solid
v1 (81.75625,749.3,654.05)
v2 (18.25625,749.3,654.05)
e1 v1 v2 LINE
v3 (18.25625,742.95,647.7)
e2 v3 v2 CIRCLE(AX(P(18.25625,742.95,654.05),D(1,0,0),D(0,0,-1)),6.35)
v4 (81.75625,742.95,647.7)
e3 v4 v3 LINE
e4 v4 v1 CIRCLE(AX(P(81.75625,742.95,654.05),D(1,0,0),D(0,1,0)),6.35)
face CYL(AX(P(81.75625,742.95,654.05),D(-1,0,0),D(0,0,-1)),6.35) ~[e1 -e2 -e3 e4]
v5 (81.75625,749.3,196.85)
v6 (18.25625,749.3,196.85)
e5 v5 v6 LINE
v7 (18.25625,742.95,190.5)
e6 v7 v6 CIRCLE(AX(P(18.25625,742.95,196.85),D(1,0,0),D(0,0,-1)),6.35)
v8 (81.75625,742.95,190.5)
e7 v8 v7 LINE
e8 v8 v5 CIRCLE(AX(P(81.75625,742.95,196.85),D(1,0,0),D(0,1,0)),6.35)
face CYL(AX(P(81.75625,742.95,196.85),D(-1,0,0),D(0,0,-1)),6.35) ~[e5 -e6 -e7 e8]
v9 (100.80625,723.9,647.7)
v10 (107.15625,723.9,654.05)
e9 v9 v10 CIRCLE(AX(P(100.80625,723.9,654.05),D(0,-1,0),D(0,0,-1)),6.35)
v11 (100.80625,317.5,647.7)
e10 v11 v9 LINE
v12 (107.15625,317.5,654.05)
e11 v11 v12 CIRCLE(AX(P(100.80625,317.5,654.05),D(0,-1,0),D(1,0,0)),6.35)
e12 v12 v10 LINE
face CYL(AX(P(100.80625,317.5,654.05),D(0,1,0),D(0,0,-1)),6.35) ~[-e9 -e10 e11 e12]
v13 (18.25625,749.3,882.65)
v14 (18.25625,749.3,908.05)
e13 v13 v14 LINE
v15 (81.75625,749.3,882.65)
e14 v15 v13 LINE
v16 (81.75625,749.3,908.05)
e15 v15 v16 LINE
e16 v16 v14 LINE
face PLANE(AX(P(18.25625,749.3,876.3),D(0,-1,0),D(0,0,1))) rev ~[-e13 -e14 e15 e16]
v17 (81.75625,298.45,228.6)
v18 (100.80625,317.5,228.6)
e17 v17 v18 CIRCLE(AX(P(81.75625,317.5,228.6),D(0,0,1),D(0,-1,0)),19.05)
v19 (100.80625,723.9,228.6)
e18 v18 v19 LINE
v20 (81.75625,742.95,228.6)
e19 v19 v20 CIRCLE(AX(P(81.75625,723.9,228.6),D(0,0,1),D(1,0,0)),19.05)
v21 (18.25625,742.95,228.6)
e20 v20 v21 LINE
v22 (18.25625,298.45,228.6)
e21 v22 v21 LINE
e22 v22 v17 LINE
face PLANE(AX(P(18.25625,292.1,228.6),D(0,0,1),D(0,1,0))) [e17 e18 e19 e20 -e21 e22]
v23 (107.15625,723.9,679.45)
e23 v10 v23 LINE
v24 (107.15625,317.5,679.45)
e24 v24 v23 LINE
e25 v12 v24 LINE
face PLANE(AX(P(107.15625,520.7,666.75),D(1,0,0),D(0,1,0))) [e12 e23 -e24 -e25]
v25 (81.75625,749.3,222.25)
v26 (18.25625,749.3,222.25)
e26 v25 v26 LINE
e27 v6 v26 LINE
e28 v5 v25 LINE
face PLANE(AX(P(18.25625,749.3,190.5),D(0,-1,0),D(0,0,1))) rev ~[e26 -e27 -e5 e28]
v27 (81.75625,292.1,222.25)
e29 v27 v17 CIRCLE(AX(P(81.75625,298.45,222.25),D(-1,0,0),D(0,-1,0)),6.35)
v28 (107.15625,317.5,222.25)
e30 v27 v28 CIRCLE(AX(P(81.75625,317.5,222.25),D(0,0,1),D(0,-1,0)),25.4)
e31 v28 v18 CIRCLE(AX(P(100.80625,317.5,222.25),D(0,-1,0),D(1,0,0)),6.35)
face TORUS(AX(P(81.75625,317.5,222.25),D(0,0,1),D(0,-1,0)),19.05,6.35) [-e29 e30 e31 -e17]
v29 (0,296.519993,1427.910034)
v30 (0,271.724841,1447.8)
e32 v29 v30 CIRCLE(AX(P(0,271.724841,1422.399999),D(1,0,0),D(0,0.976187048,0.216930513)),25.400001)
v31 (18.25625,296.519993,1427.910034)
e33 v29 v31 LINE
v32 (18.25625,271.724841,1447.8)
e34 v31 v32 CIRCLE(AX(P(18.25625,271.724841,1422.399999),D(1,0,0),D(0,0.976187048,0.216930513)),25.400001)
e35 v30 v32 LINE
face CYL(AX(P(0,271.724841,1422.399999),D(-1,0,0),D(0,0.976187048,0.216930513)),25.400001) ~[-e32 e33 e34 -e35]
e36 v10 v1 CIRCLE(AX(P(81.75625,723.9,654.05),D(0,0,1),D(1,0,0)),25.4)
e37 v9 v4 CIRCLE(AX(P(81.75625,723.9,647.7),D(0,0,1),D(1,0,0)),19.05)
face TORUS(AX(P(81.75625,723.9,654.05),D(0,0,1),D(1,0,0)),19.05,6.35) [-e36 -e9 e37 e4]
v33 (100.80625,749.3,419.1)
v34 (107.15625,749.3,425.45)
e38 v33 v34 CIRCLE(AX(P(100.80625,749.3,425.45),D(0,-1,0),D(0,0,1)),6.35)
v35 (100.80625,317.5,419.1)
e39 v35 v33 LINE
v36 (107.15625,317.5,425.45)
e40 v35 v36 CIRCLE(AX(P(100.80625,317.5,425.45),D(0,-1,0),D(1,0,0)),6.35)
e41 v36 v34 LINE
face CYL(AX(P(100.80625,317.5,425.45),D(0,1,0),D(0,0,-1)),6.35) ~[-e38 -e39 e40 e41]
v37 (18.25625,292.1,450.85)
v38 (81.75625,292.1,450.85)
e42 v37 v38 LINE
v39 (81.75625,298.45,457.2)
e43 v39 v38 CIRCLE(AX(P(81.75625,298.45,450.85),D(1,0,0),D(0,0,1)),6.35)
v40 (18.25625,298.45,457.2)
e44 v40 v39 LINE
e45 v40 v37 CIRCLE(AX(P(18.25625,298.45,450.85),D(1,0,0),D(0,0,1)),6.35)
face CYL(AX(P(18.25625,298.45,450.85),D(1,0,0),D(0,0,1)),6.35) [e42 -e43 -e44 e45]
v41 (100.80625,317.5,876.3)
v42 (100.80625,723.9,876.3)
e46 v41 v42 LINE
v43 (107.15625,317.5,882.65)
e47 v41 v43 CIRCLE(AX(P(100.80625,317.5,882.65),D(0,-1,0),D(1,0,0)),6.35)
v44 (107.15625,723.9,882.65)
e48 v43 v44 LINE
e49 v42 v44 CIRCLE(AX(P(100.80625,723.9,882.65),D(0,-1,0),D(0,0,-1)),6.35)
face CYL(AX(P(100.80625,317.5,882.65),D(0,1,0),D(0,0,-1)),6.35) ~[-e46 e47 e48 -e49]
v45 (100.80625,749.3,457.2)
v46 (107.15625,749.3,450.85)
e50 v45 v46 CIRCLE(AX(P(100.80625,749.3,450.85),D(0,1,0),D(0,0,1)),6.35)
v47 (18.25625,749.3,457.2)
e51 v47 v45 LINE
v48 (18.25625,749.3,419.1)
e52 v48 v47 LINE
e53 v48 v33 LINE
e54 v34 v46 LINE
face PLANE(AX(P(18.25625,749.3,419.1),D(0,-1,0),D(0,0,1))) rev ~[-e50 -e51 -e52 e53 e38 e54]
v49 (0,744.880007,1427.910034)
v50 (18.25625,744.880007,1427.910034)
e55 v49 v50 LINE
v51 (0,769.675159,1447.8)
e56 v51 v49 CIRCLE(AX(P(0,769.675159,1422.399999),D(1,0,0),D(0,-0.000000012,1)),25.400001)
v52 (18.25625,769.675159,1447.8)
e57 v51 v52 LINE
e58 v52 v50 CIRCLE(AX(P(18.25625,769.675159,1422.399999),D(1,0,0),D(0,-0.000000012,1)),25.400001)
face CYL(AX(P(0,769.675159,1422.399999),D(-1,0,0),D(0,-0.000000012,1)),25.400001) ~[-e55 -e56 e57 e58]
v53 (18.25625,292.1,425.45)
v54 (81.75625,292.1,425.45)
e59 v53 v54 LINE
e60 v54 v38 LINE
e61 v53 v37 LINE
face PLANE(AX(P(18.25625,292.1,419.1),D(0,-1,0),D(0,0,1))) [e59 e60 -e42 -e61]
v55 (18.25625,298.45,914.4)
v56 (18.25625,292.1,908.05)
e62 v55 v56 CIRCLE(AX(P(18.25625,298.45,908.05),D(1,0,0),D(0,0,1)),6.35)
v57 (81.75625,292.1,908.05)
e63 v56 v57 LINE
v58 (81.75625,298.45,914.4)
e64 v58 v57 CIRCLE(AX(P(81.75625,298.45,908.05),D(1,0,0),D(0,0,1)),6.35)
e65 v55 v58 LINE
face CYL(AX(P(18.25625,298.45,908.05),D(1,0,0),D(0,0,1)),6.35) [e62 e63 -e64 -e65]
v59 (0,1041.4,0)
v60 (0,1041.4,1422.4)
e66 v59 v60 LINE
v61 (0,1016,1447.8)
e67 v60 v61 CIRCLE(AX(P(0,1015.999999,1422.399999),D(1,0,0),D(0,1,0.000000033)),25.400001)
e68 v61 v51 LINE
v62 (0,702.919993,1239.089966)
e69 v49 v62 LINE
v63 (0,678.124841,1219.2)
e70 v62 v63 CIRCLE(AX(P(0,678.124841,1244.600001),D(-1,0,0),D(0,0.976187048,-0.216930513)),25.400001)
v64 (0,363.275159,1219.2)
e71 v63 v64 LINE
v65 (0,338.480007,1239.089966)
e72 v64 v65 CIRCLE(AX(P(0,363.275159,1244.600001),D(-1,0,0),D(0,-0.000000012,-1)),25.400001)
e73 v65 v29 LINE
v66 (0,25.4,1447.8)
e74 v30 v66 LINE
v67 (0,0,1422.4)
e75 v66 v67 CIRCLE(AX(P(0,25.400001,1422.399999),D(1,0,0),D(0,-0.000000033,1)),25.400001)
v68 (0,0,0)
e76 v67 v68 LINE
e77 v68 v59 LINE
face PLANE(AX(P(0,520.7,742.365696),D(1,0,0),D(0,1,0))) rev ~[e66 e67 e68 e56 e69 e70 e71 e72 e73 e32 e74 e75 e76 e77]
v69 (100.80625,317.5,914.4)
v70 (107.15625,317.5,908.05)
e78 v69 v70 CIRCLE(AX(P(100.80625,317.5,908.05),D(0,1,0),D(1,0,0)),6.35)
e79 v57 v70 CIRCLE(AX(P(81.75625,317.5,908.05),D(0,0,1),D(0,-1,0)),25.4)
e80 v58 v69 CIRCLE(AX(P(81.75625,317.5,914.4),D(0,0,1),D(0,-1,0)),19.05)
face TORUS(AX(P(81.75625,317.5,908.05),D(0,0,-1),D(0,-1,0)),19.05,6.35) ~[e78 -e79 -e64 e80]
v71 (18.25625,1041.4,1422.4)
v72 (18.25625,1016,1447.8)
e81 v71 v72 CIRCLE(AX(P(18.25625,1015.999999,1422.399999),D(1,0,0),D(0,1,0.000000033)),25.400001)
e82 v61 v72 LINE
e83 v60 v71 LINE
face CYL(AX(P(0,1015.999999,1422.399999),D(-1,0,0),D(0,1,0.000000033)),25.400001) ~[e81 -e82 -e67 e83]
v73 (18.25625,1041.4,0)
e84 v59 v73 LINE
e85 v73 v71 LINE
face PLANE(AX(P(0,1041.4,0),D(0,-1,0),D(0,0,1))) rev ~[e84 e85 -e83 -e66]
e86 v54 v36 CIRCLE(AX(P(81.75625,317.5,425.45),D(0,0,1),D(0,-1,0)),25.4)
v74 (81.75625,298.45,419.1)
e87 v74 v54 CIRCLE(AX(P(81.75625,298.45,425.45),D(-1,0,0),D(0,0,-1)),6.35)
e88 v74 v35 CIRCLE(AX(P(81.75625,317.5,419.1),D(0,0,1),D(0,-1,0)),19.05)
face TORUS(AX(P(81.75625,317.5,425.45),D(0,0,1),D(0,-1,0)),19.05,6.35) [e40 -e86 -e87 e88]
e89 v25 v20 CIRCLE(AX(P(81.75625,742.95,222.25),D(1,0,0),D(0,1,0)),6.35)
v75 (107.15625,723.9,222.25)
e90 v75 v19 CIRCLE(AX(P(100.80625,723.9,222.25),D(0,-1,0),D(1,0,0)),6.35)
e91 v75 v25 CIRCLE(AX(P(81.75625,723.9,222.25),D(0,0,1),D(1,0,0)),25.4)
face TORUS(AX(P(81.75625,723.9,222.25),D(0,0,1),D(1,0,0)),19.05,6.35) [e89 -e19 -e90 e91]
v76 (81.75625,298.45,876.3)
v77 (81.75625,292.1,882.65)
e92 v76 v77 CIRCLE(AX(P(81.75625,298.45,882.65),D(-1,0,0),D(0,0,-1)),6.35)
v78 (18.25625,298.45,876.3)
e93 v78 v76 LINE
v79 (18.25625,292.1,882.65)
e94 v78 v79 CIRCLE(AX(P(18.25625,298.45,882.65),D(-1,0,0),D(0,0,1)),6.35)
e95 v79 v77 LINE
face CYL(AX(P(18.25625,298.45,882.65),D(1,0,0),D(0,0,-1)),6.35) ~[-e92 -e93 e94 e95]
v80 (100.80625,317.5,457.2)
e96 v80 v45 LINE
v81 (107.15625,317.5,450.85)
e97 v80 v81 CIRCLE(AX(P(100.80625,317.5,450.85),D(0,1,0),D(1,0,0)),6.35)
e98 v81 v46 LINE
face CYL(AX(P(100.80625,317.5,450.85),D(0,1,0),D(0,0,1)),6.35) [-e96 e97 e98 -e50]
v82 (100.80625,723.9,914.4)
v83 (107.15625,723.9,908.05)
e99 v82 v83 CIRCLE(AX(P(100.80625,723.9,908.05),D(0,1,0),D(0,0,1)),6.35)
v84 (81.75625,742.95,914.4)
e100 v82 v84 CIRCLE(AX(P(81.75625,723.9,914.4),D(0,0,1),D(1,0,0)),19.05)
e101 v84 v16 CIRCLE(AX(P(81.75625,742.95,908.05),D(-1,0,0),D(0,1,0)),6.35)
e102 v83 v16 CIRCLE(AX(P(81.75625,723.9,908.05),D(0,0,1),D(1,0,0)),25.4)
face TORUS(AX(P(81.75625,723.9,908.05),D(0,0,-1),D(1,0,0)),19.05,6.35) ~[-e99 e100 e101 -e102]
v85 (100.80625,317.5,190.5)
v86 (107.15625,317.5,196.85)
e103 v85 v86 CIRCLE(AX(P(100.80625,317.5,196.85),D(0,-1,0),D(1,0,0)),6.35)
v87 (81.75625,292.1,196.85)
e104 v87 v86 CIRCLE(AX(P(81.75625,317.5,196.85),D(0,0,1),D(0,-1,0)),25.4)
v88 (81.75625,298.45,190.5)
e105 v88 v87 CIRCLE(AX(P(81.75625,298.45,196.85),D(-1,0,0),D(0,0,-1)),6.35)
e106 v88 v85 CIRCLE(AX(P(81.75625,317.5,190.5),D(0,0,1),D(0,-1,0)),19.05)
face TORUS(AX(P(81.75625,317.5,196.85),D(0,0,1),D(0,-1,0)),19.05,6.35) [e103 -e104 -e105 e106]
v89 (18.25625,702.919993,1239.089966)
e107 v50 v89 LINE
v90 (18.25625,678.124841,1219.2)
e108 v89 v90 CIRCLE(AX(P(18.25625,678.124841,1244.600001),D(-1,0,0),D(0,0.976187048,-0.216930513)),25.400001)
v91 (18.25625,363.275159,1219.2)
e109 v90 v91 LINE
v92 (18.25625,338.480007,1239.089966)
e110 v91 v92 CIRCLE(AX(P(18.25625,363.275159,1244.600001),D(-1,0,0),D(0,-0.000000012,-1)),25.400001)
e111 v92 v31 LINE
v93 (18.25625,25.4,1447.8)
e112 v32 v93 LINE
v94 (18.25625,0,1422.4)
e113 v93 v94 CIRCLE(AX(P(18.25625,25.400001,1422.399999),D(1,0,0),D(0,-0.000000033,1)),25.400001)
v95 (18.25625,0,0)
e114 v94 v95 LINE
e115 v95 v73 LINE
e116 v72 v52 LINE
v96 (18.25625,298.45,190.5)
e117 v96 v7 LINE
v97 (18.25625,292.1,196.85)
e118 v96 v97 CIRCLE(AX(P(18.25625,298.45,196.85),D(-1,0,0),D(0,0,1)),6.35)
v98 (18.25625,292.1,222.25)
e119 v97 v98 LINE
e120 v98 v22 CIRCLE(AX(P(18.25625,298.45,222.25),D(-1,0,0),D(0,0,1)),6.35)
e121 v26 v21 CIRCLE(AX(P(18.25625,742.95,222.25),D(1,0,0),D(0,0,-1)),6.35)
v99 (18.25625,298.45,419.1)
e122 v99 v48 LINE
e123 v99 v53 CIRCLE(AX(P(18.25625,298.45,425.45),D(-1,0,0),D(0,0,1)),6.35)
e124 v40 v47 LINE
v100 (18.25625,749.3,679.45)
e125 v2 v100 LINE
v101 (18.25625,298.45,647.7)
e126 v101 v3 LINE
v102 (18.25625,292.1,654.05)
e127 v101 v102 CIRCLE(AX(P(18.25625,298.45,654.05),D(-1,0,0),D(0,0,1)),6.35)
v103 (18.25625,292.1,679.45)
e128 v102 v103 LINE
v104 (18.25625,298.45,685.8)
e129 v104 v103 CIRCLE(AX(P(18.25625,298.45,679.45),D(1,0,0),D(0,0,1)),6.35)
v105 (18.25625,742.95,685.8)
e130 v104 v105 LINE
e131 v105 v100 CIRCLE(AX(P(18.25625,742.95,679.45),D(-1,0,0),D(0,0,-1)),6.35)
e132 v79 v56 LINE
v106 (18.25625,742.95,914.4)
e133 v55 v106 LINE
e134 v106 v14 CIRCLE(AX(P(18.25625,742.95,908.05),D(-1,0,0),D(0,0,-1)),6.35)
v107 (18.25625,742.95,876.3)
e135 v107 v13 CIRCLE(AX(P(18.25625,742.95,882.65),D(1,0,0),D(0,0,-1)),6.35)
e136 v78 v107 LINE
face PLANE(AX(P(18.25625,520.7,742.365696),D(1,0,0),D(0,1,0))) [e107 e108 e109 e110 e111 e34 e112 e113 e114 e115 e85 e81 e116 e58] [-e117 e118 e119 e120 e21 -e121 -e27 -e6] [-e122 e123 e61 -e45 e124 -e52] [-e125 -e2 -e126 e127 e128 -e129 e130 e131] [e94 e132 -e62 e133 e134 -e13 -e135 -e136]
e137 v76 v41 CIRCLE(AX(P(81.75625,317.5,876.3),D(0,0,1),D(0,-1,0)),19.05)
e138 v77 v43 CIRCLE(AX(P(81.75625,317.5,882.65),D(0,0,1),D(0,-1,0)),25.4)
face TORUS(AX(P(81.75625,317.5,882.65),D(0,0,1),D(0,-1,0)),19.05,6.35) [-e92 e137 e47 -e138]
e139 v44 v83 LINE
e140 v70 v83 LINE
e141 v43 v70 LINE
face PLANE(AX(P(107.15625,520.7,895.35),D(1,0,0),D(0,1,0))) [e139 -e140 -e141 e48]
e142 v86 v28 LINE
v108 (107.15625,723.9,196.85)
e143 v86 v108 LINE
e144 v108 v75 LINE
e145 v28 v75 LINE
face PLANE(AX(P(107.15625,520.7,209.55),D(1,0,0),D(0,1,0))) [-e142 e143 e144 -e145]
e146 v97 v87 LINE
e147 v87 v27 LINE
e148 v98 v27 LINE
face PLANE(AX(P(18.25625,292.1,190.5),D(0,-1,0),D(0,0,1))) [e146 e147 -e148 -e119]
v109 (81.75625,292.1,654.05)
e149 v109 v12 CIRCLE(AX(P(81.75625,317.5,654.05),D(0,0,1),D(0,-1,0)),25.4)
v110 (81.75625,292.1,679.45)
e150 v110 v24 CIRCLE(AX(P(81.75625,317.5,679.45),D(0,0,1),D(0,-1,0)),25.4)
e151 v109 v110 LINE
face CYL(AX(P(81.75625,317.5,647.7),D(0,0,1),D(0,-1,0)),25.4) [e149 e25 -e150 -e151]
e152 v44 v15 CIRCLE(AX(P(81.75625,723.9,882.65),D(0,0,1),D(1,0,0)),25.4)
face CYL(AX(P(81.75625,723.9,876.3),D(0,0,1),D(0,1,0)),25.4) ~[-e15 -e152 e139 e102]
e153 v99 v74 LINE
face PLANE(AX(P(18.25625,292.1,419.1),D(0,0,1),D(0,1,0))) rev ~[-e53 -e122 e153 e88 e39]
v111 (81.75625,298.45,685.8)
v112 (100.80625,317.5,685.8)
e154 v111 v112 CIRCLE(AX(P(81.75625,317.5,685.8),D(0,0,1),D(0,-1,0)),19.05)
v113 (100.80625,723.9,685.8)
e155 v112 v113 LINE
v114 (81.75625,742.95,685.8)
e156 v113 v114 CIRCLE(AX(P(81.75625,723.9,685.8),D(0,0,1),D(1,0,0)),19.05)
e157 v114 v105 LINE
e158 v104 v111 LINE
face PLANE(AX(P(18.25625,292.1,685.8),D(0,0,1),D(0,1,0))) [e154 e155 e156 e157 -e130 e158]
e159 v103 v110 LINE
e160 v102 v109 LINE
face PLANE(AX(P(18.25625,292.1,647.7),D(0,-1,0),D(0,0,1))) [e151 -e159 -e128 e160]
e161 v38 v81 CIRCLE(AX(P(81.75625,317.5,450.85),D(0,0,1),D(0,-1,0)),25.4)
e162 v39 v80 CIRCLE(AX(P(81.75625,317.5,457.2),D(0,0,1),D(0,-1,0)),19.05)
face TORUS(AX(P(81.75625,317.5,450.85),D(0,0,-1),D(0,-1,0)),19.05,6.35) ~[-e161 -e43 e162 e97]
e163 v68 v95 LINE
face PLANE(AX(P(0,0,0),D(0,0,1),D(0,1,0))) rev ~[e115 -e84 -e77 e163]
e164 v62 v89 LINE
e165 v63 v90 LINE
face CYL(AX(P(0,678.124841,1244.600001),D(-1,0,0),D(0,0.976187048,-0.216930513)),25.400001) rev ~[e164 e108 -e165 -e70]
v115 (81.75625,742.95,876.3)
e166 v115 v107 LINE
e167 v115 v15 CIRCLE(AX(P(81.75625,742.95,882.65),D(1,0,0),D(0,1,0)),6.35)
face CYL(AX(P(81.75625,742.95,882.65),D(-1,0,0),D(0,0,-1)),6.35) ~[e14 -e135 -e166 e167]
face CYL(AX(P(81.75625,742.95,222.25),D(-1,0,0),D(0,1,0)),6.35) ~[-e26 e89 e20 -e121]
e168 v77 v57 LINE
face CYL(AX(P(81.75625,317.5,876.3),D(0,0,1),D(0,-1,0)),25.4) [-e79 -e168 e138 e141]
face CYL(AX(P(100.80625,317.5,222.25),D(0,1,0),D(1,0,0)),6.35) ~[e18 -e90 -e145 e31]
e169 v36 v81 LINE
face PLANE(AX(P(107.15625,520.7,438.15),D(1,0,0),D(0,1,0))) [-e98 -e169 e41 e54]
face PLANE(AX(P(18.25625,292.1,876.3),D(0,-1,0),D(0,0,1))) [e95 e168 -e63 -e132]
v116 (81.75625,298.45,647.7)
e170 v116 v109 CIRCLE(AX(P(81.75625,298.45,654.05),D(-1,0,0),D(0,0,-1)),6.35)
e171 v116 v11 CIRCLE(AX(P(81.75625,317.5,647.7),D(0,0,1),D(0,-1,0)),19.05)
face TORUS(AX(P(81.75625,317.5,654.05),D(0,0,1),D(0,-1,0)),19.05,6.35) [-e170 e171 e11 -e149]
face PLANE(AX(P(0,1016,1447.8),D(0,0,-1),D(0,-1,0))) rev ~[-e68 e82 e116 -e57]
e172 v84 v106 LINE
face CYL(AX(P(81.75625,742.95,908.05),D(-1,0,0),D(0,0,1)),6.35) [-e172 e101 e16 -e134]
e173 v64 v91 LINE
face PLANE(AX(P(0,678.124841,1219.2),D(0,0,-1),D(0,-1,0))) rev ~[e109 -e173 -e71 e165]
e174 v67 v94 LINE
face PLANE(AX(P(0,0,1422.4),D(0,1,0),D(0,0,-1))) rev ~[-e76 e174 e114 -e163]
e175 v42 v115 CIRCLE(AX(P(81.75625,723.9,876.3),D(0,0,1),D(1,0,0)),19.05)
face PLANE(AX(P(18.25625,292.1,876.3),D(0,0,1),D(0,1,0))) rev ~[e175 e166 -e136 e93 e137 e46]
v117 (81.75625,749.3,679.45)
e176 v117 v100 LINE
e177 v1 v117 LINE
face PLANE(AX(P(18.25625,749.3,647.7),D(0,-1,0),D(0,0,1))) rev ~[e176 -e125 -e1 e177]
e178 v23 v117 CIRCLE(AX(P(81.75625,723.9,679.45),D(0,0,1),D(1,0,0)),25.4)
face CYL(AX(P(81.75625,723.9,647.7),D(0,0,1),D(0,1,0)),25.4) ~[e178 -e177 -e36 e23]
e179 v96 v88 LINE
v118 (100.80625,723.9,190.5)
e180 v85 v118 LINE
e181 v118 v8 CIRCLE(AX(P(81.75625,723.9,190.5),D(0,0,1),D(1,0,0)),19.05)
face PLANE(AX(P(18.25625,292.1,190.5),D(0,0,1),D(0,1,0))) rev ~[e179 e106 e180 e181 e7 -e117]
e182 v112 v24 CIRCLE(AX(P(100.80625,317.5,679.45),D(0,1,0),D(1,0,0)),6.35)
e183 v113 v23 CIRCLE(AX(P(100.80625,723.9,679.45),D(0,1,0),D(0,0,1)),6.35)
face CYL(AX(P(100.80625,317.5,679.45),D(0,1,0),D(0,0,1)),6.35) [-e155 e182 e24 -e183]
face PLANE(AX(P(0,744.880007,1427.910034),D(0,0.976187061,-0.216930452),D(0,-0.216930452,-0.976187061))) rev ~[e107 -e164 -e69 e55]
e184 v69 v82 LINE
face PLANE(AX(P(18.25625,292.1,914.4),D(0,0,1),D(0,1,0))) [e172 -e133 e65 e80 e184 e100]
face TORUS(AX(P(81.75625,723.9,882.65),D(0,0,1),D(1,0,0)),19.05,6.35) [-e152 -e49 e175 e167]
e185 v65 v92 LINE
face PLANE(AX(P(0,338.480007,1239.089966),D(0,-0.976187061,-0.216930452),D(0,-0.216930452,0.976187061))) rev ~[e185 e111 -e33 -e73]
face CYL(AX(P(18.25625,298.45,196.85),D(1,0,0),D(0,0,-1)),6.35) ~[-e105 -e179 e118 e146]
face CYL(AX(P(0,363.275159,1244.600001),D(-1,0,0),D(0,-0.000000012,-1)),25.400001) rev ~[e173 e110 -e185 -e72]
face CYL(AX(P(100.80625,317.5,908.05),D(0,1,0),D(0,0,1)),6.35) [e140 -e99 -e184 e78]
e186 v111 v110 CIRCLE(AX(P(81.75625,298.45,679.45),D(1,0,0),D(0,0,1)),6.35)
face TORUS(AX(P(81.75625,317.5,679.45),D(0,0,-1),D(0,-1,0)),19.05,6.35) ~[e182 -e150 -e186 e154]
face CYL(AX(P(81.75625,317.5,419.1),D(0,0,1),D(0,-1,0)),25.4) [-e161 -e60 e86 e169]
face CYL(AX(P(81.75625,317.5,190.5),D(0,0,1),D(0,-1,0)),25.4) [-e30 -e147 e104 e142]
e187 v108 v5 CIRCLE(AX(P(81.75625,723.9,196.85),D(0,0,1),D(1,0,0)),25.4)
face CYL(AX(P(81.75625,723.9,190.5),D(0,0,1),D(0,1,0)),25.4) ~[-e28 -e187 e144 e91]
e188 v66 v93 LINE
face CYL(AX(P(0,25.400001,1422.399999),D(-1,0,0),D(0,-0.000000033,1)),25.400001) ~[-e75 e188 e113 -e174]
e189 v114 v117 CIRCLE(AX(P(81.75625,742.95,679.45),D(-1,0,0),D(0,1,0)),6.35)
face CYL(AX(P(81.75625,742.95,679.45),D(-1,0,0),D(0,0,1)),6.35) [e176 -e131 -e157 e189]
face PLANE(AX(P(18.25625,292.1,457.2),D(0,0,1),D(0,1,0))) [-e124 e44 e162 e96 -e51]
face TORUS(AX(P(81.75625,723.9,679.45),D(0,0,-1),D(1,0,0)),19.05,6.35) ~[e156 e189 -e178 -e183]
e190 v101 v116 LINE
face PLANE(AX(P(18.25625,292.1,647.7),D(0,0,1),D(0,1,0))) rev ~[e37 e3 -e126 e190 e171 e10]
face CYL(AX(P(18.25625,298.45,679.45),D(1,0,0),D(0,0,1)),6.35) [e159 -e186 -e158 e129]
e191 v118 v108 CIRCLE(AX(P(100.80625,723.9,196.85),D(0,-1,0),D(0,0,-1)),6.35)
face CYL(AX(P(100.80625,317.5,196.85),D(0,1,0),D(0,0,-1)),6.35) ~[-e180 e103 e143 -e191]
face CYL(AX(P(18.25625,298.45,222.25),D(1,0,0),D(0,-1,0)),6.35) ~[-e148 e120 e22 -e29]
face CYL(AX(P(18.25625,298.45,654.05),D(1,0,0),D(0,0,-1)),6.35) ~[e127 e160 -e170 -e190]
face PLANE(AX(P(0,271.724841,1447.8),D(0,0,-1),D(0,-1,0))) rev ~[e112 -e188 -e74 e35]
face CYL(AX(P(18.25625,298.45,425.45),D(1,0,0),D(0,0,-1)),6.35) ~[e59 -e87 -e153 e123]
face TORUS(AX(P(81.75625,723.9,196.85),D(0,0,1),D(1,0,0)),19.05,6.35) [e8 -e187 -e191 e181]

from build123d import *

# Parameters (mm, degrees)
F1_DEPTH = 18.25625
F2_W     = 457.2
F2_H     = 38.1
F3_DEPTH = 88.9
F4_R     = 25.4
F5_R     = 6.35


with BuildPart() as f1:
    # F0 (on Right) → F1 (new body)
    with BuildSketch(Plane.YZ):
        with BuildLine():
            Line((0, 1422.4), (0, 0))
            Line((0, 0), (1041.4, 0))
            Line((1041.4, 0), (1041.4, 1422.4))
            ThreePointArc((1041.4, 1422.4), (1033.960512, 1440.360512), (1016, 1447.8))
            Line((1016, 1447.8), (769.675159, 1447.8))
            ThreePointArc((769.675159, 1447.8), (753.781683, 1442.213062), (744.880007, 1427.910034))
            Line((744.880007, 1427.910034), (702.919993, 1239.089966))
            ThreePointArc((702.919993, 1239.089966), (694.018317, 1224.786938), (678.124841, 1219.2))
            Line((678.124841, 1219.2), (363.275159, 1219.2))
            ThreePointArc((363.275159, 1219.2), (347.381683, 1224.786938), (338.480007, 1239.089966))
            Line((338.480007, 1239.089966), (296.519993, 1427.910034))
            ThreePointArc((296.519993, 1427.910034), (287.618317, 1442.213062), (271.724841, 1447.8))
            Line((271.724841, 1447.8), (25.4, 1447.8))
            ThreePointArc((25.4, 1447.8), (7.439488, 1440.360512), (0, 1422.4))
        make_face()
    extrude(amount=F1_DEPTH)

    # F2 (on face) → F3 (join)
    with BuildSketch(Plane.YZ.offset(18.25625)):
        with Locations((520.7, 209.55)):
            Rectangle(F2_W, F2_H)
        with Locations((520.7, 438.15)):
            Rectangle(F2_W, F2_H)
        with Locations((520.7, 666.75)):
            Rectangle(F2_W, F2_H)
        with Locations((520.7, 895.35)):
            Rectangle(F2_W, F2_H)
    extrude(amount=F3_DEPTH)

    # F4
    f4_edges = [f1.edges().sort_by_distance(p)[0] for p in [
        (107.15625, 292.1, 895.35),
        (107.15625, 749.3, 895.35),
        (107.15625, 292.1, 666.75),
        (107.15625, 749.3, 666.75),
        (107.15625, 292.1, 438.15),
        (107.15625, 292.1, 209.55),
        (107.15625, 749.3, 209.55),
    ]]
    fillet(f4_edges, radius=F4_R)

    # F5
    f5_edges = [f1.edges().sort_by_distance(p)[0] for p in [
        (50.00625, 292.1, 914.4),
        (50.00625, 292.1, 876.3),
        (50.00625, 292.1, 685.8),
        (50.00625, 292.1, 647.7),
        (50.00625, 292.1, 457.2),
        (50.00625, 292.1, 419.1),
        (50.00625, 292.1, 228.6),
        (50.00625, 292.1, 190.5),
    ]]
    fillet(f5_edges, radius=F5_R)


solid = f1.part
